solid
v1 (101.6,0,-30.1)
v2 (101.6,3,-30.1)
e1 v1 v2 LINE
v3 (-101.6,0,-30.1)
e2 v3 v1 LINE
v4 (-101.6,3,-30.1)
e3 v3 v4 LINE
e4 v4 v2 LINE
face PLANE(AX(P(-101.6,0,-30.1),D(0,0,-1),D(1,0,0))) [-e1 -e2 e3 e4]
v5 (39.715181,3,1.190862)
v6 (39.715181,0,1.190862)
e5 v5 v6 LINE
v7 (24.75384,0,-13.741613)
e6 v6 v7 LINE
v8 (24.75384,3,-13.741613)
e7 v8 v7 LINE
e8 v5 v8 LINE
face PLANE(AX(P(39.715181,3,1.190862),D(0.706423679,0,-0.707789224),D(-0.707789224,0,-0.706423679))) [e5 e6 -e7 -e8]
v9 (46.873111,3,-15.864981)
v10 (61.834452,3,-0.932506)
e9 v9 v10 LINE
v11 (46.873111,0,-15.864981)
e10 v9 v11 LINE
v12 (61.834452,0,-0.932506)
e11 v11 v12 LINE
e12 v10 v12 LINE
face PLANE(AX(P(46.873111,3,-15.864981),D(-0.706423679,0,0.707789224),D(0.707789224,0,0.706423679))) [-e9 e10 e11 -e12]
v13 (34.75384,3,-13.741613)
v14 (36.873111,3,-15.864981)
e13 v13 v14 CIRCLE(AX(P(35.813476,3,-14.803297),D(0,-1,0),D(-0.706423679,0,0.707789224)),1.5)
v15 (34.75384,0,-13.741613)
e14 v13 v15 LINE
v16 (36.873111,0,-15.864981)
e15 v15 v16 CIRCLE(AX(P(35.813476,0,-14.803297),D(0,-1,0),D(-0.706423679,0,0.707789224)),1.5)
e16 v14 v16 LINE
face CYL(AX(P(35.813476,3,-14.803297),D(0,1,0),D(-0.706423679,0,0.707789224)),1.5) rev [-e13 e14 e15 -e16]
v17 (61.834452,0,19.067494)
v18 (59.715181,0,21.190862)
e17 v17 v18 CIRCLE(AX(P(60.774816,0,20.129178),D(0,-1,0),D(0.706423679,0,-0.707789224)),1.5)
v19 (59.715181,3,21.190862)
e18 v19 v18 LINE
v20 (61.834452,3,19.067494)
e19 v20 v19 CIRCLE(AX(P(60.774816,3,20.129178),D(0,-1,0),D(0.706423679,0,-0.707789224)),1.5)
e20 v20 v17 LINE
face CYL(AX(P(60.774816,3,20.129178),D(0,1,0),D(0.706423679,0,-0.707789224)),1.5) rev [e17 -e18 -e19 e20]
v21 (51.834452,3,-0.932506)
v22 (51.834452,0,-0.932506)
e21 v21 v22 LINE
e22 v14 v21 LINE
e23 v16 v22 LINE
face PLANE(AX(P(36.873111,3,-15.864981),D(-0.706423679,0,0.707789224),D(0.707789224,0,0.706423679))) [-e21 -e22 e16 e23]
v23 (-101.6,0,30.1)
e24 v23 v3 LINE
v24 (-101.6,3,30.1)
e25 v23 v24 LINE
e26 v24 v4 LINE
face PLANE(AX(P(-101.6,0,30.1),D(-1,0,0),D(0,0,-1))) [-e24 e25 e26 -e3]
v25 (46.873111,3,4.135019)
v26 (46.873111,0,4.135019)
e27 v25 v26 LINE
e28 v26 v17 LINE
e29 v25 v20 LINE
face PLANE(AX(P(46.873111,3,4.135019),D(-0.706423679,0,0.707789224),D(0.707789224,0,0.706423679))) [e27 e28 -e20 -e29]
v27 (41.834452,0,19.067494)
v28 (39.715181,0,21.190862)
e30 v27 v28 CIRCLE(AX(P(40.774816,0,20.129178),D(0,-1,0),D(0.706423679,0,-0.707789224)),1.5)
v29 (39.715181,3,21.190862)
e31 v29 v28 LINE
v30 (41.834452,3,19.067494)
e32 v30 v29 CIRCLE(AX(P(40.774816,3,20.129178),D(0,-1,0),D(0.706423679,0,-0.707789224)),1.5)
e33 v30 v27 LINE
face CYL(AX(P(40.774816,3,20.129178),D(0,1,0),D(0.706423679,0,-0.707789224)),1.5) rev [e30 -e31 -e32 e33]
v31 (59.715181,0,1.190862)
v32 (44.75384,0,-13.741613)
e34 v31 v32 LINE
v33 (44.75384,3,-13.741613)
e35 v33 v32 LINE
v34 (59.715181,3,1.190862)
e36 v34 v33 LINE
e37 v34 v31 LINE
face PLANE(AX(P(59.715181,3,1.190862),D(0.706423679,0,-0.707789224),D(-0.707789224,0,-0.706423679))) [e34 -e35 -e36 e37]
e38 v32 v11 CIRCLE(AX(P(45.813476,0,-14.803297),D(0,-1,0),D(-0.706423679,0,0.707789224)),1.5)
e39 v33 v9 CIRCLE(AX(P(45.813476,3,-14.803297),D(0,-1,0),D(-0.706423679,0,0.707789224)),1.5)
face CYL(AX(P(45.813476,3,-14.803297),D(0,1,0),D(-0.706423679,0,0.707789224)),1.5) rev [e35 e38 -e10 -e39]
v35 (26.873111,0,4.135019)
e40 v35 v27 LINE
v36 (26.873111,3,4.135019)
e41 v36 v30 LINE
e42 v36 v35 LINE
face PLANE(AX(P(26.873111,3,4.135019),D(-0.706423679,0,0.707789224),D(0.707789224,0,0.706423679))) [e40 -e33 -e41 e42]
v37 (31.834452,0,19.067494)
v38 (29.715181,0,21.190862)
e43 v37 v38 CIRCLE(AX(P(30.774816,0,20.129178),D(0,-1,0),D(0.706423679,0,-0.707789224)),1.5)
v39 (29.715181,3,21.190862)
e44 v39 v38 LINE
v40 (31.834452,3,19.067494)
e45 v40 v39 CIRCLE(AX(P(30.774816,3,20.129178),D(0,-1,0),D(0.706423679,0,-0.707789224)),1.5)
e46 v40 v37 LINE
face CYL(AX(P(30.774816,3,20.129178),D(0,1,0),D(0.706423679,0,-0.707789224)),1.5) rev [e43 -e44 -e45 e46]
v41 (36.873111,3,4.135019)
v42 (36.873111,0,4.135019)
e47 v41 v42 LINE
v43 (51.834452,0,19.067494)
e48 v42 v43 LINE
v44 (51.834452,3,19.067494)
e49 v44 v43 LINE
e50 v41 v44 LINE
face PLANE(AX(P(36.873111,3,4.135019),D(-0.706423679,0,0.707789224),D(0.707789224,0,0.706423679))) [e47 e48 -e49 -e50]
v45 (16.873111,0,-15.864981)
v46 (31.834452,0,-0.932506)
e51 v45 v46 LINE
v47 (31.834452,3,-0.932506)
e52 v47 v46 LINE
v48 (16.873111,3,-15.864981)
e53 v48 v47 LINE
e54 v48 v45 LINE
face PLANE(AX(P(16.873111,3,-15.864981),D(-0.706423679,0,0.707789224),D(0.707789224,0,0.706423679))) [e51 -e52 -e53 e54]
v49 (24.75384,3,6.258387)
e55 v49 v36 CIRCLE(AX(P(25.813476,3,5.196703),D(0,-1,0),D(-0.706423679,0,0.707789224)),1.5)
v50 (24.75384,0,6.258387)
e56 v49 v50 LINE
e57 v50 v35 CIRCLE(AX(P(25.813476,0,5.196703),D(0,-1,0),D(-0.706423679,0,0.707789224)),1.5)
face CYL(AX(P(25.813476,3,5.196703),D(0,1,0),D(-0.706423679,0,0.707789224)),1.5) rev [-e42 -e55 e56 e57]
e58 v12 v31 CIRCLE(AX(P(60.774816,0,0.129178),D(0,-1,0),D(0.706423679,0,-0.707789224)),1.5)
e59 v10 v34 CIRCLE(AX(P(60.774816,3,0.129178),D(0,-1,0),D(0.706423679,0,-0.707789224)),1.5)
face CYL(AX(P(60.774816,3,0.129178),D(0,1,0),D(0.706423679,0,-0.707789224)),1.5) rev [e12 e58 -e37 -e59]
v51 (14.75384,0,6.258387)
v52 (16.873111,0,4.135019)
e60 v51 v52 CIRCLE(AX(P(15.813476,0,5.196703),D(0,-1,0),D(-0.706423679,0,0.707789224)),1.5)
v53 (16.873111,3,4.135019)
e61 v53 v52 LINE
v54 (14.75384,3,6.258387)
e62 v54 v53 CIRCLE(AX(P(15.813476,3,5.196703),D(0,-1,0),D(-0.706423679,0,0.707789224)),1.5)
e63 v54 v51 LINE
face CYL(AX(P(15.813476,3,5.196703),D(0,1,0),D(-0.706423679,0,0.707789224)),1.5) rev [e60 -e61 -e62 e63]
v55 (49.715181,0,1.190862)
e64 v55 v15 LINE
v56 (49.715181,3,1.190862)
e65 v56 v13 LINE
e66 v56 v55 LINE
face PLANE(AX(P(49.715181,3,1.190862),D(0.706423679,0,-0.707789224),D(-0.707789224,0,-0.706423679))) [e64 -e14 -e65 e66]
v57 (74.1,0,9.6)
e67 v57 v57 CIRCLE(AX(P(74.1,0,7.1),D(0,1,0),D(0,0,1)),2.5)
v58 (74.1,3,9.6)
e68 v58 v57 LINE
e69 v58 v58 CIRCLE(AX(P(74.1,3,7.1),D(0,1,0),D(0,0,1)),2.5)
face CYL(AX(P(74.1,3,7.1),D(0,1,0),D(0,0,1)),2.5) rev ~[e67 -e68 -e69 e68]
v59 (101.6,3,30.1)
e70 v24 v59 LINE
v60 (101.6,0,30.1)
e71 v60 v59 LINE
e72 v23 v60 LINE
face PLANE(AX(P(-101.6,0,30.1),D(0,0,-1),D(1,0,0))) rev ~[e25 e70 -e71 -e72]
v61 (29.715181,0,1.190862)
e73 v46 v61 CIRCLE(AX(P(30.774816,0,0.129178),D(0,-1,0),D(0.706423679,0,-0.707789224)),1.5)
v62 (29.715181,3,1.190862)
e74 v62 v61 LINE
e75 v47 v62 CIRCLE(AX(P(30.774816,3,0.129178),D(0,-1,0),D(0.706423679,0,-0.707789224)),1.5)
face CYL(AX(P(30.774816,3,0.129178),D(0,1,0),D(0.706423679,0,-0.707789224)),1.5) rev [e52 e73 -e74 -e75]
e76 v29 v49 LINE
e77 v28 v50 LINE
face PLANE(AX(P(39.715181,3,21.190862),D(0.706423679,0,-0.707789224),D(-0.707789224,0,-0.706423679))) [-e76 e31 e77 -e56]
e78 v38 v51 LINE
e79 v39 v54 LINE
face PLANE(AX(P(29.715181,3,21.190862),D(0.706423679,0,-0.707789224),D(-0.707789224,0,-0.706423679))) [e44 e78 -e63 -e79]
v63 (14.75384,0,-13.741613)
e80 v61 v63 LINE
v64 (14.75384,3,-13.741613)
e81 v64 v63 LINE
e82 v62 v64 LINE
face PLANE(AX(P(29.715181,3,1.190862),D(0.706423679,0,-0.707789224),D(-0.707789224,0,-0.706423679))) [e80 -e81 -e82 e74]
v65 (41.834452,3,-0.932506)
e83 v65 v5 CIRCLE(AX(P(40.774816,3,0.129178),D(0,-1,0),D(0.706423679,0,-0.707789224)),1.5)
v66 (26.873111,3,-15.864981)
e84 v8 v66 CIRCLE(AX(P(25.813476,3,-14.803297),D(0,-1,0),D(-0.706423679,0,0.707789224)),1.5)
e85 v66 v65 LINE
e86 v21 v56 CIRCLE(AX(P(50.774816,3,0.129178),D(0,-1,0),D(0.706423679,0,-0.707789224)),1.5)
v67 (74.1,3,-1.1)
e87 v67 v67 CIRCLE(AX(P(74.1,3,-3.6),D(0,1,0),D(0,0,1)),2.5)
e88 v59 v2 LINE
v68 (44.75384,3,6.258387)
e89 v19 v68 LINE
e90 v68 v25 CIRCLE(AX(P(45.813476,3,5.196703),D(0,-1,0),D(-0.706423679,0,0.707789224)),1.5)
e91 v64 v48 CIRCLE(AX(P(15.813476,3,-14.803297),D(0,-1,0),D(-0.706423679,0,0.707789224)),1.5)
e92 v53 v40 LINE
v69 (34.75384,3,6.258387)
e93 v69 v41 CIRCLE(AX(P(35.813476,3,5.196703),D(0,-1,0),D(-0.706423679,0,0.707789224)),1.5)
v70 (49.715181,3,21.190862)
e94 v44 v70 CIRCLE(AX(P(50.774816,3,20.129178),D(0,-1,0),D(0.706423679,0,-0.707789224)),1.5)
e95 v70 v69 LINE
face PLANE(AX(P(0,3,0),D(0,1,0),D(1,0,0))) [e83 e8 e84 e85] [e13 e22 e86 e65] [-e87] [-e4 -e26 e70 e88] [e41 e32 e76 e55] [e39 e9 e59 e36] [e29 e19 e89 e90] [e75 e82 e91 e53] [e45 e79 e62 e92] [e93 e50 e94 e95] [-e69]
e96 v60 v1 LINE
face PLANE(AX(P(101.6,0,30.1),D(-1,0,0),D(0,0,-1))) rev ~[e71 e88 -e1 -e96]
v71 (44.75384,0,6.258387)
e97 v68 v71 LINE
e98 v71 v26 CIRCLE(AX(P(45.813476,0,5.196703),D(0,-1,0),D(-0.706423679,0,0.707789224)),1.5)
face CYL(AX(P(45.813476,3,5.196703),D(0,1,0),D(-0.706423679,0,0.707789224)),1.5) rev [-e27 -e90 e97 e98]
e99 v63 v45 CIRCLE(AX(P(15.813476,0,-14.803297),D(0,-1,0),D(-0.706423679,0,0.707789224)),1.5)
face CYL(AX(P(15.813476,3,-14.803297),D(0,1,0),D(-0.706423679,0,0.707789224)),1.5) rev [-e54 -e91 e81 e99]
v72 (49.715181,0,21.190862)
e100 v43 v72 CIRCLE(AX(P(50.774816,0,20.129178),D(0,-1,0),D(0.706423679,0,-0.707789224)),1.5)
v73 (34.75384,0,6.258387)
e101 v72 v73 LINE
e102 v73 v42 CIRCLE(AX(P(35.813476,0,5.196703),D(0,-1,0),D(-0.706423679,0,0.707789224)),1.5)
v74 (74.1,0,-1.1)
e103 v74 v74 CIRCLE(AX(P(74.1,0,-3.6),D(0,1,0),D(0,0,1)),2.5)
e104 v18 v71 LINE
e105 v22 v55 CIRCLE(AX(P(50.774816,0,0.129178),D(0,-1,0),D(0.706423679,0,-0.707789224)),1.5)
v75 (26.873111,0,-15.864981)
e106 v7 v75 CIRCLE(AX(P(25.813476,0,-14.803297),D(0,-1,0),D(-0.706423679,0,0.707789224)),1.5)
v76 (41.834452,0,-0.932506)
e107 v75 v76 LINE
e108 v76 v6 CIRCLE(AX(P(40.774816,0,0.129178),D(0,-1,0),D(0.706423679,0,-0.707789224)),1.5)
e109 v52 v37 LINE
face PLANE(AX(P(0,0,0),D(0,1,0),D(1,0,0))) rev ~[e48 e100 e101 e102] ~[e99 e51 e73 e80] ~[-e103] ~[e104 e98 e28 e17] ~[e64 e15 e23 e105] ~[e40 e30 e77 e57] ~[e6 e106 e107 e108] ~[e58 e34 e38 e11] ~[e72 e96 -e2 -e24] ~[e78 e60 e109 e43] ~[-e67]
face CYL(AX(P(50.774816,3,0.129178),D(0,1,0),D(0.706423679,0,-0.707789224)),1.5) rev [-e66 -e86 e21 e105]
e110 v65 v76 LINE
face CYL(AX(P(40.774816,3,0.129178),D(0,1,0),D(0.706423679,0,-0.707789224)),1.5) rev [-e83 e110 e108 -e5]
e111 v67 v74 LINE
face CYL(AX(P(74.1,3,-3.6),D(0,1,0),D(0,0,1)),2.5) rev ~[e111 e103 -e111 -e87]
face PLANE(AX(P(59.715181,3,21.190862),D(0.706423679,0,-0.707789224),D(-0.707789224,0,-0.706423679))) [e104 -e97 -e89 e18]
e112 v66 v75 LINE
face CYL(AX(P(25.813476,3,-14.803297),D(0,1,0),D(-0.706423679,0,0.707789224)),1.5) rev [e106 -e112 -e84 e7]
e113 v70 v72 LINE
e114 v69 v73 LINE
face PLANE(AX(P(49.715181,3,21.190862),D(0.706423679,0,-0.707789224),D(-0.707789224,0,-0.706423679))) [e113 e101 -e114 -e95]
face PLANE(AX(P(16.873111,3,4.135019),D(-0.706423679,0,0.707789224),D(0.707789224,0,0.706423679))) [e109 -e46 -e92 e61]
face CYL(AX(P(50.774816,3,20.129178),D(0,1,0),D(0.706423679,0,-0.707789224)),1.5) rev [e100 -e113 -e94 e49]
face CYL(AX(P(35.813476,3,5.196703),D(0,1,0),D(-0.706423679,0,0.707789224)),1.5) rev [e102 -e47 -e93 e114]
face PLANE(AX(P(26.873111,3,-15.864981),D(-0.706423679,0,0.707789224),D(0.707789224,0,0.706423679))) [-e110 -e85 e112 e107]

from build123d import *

# Parameters (mm, degrees)
SKETCH1_W           = 203.2
SKETCH1_H           = 60.2
BOSS_EXTRUDE1_DEPTH = 3
SKETCH5_R           = 2.5
CUT_EXTRUDE1_DEPTH  = 3
SKETCH7_R           = 2.5
CUT_EXTRUDE2_DEPTH  = 3
CUT_EXTRUDE3_DEPTH  = 3


with BuildPart() as part:
    # Sketch1 → Boss-Extrude1 (new body)
    with BuildSketch(Plane(origin=(0, 0, 0), x_dir=(1, 0, 0), z_dir=(0, 1, 0))):
        Rectangle(SKETCH1_W, SKETCH1_H)
    extrude(amount=BOSS_EXTRUDE1_DEPTH)

    # Sketch5 → Cut-Extrude1 (cut)
    with BuildSketch(Plane(origin=(0, 3, 0), x_dir=(1, 0, 0), z_dir=(0, 1, 0))):
        with Locations(Location((74.1, 3.6, 0), (0, 0, 270))):
            Circle(SKETCH5_R)
    extrude(amount=-CUT_EXTRUDE1_DEPTH, mode=Mode.SUBTRACT)

    # Sketch7 → Cut-Extrude2 (cut)
    with BuildSketch(Plane(origin=(0, 3, 0), x_dir=(1, 0, 0), z_dir=(0, 1, 0))):
        with Locations(Location((74.1, -7.1, 0), (0, 0, 270))):
            Circle(SKETCH7_R)
    extrude(amount=-CUT_EXTRUDE2_DEPTH, mode=Mode.SUBTRACT)

    # Sketch8 → Cut-Extrude3 (cut)
    with BuildSketch(Plane(origin=(0, 3, 0), x_dir=(1, 0, 0), z_dir=(0, 1, 0))):
        with BuildLine():
            Line((46.873111379, 15.864980996), (61.83445164, 0.932505799))
            ThreePointArc((61.83445164, 0.932505799), (61.836499957, -1.188813555), (59.715180603, -1.190861873))
            Line((59.715180603, -1.190861873), (44.753840342, 13.741613324))
            ThreePointArc((44.753840342, 13.741613324), (44.751792025, 15.862932678), (46.873111379, 15.864980996))
        make_face()
        with BuildLine():
            Line((36.873111379, 15.864980996), (51.83445164, 0.932505799))
            ThreePointArc((51.83445164, 0.932505799), (51.836499957, -1.188813555), (49.715180603, -1.190861873))
            Line((49.715180603, -1.190861873), (34.753840342, 13.741613324))
            ThreePointArc((34.753840342, 13.741613324), (34.751792025, 15.862932678), (36.873111379, 15.864980996))
        make_face()
        with BuildLine():
            Line((26.873111379, 15.864980996), (41.83445164, 0.932505799))
            ThreePointArc((41.83445164, 0.932505799), (41.836499957, -1.188813555), (39.715180603, -1.190861873))
            Line((39.715180603, -1.190861873), (24.753840342, 13.741613324))
            ThreePointArc((24.753840342, 13.741613324), (24.751792025, 15.862932678), (26.873111379, 15.864980996))
        make_face()
        with BuildLine():
            Line((16.873111379, 15.864980996), (31.83445164, 0.932505799))
            ThreePointArc((31.83445164, 0.932505799), (31.836499957, -1.188813555), (29.715180603, -1.190861873))
            Line((29.715180603, -1.190861873), (14.753840342, 13.741613324))
            ThreePointArc((14.753840342, 13.741613324), (14.751792025, 15.862932678), (16.873111379, 15.864980996))
        make_face()
        with BuildLine():
            Line((36.873111379, -4.135019004), (51.83445164, -19.067494201))
            ThreePointArc((51.83445164, -19.067494201), (51.836499957, -21.188813555), (49.715180603, -21.190861873))
            Line((49.715180603, -21.190861873), (34.753840342, -6.258386676))
            ThreePointArc((34.753840342, -6.258386676), (34.751792025, -4.137067322), (36.873111379, -4.135019004))
        make_face()
        with BuildLine():
            Line((26.873111379, -4.135019004), (41.83445164, -19.067494201))
            ThreePointArc((41.83445164, -19.067494201), (41.836499957, -21.188813555), (39.715180603, -21.190861873))
            Line((39.715180603, -21.190861873), (24.753840342, -6.258386676))
            ThreePointArc((24.753840342, -6.258386676), (24.751792025, -4.137067322), (26.873111379, -4.135019004))
        make_face()
        with BuildLine():
            Line((16.873111379, -4.135019004), (31.83445164, -19.067494201))
            ThreePointArc((31.83445164, -19.067494201), (31.836499957, -21.188813555), (29.715180603, -21.190861873))
            Line((29.715180603, -21.190861873), (14.753840342, -6.258386676))
            ThreePointArc((14.753840342, -6.258386676), (14.751792025, -4.137067322), (16.873111379, -4.135019004))
        make_face()
        with BuildLine():
            Line((46.873111379, -4.135019004), (61.83445164, -19.067494201))
            ThreePointArc((61.83445164, -19.067494201), (61.836499957, -21.188813555), (59.715180603, -21.190861873))
            Line((59.715180603, -21.190861873), (44.753840342, -6.258386676))
            ThreePointArc((44.753840342, -6.258386676), (44.751792025, -4.137067322), (46.873111379, -4.135019004))
        make_face()
    extrude(amount=-CUT_EXTRUDE3_DEPTH, mode=Mode.SUBTRACT)


solid = part.part
